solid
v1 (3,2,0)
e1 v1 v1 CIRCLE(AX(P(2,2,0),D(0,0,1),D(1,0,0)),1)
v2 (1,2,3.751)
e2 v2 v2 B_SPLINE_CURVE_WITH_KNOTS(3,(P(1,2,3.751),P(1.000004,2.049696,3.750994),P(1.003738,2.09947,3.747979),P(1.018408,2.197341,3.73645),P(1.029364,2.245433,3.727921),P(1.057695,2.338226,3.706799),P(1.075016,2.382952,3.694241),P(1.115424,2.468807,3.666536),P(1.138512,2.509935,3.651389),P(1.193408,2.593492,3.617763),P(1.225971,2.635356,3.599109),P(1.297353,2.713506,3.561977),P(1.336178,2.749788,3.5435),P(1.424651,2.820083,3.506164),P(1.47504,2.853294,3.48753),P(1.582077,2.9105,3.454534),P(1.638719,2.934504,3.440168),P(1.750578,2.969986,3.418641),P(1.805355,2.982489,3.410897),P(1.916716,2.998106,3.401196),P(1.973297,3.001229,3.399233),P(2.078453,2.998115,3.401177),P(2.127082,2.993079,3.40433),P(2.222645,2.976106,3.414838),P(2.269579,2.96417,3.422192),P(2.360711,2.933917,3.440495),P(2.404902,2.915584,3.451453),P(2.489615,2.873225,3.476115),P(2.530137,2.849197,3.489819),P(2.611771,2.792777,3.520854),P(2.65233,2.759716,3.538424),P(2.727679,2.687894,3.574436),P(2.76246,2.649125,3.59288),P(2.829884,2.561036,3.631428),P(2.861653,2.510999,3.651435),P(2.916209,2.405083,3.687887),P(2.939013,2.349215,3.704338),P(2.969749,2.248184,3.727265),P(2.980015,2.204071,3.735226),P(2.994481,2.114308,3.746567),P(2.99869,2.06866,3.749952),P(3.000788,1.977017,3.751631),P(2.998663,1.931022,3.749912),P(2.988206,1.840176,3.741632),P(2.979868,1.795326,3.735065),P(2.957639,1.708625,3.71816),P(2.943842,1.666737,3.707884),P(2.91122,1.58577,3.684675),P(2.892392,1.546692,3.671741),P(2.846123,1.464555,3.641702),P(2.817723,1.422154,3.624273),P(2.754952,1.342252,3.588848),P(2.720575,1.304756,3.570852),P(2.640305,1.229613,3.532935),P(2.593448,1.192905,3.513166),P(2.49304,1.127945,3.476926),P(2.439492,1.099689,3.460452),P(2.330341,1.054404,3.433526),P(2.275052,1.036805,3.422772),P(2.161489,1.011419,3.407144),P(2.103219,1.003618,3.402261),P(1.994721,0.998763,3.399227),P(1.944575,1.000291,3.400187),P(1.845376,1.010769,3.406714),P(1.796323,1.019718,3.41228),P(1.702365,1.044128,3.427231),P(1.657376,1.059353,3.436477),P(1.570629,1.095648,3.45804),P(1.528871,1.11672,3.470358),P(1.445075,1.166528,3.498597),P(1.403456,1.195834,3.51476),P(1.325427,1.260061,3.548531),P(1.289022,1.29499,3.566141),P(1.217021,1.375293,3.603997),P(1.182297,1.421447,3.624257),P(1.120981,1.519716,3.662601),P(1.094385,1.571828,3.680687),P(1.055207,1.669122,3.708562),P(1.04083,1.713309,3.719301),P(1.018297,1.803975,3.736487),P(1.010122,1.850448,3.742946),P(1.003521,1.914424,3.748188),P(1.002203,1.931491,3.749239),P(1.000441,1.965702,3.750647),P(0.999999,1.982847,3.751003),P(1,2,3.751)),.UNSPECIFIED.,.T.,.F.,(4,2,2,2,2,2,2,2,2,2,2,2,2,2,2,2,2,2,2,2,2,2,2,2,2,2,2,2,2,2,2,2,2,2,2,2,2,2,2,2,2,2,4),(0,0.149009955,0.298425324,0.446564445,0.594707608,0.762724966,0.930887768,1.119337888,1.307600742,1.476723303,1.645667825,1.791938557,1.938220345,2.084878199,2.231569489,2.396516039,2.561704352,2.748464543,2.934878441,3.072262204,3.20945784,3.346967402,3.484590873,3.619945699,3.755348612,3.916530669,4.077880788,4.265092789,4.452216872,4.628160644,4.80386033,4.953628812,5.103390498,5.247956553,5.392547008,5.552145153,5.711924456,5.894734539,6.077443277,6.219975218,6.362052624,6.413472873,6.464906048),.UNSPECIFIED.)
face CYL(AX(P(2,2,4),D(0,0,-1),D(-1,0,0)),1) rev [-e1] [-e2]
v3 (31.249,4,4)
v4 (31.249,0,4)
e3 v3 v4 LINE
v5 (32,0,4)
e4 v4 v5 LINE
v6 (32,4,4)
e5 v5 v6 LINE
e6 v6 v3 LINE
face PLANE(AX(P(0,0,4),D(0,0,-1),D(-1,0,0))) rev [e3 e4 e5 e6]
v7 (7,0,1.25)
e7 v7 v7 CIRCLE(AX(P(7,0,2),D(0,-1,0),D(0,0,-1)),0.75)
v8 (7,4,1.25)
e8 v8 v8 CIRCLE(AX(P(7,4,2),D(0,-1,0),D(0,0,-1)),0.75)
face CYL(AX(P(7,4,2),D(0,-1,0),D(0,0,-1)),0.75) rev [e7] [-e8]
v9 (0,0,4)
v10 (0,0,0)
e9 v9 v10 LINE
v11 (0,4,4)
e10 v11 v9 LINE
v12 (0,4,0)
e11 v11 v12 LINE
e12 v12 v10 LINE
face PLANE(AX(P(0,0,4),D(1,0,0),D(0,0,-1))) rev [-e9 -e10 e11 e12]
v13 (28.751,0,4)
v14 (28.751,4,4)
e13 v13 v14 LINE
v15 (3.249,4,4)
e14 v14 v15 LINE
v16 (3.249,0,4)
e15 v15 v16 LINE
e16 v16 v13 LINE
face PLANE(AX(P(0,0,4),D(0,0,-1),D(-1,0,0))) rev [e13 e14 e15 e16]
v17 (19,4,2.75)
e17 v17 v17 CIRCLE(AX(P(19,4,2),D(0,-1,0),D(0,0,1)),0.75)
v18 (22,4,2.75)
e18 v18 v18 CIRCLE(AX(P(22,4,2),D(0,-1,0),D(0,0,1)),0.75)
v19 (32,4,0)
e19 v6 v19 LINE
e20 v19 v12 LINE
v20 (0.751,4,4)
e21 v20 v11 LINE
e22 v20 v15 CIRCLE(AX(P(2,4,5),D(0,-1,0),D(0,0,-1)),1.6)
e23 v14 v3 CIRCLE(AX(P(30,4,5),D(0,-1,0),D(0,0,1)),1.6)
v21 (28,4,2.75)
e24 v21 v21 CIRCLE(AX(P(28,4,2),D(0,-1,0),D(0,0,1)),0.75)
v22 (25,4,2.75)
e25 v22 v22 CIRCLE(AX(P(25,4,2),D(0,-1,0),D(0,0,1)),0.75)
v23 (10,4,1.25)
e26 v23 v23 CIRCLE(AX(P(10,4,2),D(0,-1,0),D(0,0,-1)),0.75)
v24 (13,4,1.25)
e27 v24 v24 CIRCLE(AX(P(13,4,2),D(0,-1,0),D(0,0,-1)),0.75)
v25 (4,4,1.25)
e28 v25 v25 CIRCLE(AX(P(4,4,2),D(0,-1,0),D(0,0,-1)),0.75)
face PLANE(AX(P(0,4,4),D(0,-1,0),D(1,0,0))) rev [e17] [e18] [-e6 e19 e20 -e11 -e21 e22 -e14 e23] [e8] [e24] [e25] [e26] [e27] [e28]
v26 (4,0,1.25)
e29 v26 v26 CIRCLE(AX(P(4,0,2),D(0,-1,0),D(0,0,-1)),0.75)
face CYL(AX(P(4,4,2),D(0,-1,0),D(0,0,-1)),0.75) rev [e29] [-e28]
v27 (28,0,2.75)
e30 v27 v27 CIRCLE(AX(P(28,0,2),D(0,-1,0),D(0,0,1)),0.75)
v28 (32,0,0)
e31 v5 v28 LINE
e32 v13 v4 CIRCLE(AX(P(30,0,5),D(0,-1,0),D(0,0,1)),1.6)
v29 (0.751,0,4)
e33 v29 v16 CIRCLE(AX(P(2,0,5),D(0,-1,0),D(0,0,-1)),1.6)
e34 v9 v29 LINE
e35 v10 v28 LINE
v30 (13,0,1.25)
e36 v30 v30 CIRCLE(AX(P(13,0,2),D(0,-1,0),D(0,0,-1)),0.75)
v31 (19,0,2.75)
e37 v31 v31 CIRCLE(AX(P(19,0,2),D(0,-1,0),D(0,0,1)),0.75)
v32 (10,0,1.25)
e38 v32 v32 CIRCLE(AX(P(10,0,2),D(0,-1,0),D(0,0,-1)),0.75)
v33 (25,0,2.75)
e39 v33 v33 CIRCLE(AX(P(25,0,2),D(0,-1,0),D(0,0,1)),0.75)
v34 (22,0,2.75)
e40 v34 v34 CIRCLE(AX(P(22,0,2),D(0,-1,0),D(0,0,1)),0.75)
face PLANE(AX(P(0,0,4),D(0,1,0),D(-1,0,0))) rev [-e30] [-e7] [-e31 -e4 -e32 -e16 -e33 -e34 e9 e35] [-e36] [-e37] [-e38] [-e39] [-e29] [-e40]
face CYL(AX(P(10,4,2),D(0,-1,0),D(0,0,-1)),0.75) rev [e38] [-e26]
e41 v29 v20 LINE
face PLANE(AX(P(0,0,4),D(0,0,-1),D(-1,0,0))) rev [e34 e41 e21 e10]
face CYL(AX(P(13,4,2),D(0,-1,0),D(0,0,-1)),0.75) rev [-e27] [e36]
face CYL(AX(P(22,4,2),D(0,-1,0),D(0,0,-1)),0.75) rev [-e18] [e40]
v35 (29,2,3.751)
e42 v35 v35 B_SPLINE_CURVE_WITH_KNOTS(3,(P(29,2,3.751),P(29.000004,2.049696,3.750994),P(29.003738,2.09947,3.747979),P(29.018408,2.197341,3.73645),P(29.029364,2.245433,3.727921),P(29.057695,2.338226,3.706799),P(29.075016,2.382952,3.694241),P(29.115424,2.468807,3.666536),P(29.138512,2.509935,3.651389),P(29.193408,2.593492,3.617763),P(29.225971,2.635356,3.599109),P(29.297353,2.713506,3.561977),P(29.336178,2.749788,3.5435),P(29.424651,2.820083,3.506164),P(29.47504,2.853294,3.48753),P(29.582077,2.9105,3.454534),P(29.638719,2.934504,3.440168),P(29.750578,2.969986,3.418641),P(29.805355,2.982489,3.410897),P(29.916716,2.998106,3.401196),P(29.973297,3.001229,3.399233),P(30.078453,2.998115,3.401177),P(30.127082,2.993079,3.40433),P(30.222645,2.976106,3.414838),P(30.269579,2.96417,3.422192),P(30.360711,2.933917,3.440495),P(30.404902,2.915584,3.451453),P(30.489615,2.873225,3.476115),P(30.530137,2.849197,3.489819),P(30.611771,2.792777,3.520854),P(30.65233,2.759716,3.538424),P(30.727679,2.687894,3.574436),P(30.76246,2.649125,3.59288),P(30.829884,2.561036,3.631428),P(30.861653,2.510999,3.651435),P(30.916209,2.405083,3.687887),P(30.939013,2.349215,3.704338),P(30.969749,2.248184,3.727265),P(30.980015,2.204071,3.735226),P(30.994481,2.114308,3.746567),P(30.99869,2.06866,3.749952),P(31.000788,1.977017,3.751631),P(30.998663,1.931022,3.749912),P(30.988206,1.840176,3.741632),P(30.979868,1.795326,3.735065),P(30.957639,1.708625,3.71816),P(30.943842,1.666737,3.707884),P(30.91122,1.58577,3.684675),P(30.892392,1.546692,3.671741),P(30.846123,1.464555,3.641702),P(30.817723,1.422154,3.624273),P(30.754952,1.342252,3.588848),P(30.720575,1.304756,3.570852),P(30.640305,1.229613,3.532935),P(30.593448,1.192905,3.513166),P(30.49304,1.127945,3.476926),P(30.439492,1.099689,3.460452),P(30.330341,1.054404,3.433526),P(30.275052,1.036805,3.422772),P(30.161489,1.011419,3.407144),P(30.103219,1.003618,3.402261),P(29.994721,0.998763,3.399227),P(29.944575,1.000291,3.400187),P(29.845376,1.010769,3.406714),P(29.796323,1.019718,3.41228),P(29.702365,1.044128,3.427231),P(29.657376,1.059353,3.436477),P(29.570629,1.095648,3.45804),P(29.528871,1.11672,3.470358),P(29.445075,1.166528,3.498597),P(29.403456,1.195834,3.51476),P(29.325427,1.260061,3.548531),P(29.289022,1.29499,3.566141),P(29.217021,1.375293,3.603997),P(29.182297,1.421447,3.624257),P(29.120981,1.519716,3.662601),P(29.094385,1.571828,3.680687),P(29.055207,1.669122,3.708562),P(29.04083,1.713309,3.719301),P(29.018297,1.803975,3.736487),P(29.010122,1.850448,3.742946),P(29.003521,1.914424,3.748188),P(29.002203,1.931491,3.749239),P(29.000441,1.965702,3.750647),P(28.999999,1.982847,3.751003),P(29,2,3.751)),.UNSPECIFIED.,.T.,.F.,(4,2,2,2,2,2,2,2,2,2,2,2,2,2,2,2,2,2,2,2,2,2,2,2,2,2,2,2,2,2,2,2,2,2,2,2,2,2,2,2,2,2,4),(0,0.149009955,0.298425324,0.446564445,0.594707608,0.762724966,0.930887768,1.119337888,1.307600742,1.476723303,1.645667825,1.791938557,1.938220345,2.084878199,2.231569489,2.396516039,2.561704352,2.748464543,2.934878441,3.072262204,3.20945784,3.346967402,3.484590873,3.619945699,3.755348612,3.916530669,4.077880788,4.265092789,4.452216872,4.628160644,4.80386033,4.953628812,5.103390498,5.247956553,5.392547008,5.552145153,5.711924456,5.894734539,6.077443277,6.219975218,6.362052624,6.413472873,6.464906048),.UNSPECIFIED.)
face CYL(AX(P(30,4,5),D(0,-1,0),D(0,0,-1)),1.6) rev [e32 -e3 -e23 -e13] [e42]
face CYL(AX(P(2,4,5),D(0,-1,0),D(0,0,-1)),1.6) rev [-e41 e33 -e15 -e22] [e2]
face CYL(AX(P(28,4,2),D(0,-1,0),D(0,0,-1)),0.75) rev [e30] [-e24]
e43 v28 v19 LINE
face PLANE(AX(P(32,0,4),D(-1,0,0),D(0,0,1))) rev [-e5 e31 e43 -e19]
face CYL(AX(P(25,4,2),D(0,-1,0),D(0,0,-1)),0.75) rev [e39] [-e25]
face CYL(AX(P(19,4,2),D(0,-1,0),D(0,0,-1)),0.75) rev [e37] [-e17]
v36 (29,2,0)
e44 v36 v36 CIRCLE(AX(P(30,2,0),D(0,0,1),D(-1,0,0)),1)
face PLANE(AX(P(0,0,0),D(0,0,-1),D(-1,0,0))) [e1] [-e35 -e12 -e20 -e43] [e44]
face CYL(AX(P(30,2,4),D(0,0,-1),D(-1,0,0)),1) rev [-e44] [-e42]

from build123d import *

# Parameters (mm, degrees)
CROQUIS1_W              = 32
CROQUIS1_H              = 4
CROQUIS1_R              = 1
SALIENTE_EXTRUIR1_DEPTH = 4
CROQUIS2_R              = 1.6
CROQUIS2_R_2            = 0.75
CORTAR_EXTRUIR1_DEPTH   = 4


with BuildPart() as part:
    # Croquis1 → Saliente-Extruir1 (new body)
    with BuildSketch(Plane.XY):
        with Locations((16, 2)):
            Rectangle(CROQUIS1_W, CROQUIS1_H)
        with Locations((2, 2)):
            Circle(CROQUIS1_R, mode=Mode.SUBTRACT)
        with Locations(Location((30, 2, 0), (0, 0, 180))):
            Circle(CROQUIS1_R, mode=Mode.SUBTRACT)
    extrude(amount=SALIENTE_EXTRUIR1_DEPTH)

    # Croquis2 → Cortar-Extruir1 (cut)
    with BuildSketch(Plane.XZ):
        with Locations((2, 5)):
            Circle(CROQUIS2_R)
        with Locations(Location((13, 2, 0), (0, 0, 270))):
            Circle(CROQUIS2_R_2)
        with Locations(Location((10, 2, 0), (0, 0, 270))):
            Circle(CROQUIS2_R_2)
        with Locations(Location((7, 2, 0), (0, 0, 270))):
            Circle(CROQUIS2_R_2)
        with Locations(Location((25, 2, 0), (0, 0, 90))):
            Circle(CROQUIS2_R_2)
        with Locations(Location((22, 2, 0), (0, 0, 90))):
            Circle(CROQUIS2_R_2)
        with Locations(Location((19, 2, 0), (0, 0, 90))):
            Circle(CROQUIS2_R_2)
        with Locations((30, 5)):
            Circle(CROQUIS2_R)
        with Locations(Location((28, 2, 0), (0, 0, 90))):
            Circle(CROQUIS2_R_2)
        with Locations(Location((4, 2, 0), (0, 0, 270))):
            Circle(CROQUIS2_R_2)
    extrude(amount=-CORTAR_EXTRUIR1_DEPTH, mode=Mode.SUBTRACT)


solid = part.part
